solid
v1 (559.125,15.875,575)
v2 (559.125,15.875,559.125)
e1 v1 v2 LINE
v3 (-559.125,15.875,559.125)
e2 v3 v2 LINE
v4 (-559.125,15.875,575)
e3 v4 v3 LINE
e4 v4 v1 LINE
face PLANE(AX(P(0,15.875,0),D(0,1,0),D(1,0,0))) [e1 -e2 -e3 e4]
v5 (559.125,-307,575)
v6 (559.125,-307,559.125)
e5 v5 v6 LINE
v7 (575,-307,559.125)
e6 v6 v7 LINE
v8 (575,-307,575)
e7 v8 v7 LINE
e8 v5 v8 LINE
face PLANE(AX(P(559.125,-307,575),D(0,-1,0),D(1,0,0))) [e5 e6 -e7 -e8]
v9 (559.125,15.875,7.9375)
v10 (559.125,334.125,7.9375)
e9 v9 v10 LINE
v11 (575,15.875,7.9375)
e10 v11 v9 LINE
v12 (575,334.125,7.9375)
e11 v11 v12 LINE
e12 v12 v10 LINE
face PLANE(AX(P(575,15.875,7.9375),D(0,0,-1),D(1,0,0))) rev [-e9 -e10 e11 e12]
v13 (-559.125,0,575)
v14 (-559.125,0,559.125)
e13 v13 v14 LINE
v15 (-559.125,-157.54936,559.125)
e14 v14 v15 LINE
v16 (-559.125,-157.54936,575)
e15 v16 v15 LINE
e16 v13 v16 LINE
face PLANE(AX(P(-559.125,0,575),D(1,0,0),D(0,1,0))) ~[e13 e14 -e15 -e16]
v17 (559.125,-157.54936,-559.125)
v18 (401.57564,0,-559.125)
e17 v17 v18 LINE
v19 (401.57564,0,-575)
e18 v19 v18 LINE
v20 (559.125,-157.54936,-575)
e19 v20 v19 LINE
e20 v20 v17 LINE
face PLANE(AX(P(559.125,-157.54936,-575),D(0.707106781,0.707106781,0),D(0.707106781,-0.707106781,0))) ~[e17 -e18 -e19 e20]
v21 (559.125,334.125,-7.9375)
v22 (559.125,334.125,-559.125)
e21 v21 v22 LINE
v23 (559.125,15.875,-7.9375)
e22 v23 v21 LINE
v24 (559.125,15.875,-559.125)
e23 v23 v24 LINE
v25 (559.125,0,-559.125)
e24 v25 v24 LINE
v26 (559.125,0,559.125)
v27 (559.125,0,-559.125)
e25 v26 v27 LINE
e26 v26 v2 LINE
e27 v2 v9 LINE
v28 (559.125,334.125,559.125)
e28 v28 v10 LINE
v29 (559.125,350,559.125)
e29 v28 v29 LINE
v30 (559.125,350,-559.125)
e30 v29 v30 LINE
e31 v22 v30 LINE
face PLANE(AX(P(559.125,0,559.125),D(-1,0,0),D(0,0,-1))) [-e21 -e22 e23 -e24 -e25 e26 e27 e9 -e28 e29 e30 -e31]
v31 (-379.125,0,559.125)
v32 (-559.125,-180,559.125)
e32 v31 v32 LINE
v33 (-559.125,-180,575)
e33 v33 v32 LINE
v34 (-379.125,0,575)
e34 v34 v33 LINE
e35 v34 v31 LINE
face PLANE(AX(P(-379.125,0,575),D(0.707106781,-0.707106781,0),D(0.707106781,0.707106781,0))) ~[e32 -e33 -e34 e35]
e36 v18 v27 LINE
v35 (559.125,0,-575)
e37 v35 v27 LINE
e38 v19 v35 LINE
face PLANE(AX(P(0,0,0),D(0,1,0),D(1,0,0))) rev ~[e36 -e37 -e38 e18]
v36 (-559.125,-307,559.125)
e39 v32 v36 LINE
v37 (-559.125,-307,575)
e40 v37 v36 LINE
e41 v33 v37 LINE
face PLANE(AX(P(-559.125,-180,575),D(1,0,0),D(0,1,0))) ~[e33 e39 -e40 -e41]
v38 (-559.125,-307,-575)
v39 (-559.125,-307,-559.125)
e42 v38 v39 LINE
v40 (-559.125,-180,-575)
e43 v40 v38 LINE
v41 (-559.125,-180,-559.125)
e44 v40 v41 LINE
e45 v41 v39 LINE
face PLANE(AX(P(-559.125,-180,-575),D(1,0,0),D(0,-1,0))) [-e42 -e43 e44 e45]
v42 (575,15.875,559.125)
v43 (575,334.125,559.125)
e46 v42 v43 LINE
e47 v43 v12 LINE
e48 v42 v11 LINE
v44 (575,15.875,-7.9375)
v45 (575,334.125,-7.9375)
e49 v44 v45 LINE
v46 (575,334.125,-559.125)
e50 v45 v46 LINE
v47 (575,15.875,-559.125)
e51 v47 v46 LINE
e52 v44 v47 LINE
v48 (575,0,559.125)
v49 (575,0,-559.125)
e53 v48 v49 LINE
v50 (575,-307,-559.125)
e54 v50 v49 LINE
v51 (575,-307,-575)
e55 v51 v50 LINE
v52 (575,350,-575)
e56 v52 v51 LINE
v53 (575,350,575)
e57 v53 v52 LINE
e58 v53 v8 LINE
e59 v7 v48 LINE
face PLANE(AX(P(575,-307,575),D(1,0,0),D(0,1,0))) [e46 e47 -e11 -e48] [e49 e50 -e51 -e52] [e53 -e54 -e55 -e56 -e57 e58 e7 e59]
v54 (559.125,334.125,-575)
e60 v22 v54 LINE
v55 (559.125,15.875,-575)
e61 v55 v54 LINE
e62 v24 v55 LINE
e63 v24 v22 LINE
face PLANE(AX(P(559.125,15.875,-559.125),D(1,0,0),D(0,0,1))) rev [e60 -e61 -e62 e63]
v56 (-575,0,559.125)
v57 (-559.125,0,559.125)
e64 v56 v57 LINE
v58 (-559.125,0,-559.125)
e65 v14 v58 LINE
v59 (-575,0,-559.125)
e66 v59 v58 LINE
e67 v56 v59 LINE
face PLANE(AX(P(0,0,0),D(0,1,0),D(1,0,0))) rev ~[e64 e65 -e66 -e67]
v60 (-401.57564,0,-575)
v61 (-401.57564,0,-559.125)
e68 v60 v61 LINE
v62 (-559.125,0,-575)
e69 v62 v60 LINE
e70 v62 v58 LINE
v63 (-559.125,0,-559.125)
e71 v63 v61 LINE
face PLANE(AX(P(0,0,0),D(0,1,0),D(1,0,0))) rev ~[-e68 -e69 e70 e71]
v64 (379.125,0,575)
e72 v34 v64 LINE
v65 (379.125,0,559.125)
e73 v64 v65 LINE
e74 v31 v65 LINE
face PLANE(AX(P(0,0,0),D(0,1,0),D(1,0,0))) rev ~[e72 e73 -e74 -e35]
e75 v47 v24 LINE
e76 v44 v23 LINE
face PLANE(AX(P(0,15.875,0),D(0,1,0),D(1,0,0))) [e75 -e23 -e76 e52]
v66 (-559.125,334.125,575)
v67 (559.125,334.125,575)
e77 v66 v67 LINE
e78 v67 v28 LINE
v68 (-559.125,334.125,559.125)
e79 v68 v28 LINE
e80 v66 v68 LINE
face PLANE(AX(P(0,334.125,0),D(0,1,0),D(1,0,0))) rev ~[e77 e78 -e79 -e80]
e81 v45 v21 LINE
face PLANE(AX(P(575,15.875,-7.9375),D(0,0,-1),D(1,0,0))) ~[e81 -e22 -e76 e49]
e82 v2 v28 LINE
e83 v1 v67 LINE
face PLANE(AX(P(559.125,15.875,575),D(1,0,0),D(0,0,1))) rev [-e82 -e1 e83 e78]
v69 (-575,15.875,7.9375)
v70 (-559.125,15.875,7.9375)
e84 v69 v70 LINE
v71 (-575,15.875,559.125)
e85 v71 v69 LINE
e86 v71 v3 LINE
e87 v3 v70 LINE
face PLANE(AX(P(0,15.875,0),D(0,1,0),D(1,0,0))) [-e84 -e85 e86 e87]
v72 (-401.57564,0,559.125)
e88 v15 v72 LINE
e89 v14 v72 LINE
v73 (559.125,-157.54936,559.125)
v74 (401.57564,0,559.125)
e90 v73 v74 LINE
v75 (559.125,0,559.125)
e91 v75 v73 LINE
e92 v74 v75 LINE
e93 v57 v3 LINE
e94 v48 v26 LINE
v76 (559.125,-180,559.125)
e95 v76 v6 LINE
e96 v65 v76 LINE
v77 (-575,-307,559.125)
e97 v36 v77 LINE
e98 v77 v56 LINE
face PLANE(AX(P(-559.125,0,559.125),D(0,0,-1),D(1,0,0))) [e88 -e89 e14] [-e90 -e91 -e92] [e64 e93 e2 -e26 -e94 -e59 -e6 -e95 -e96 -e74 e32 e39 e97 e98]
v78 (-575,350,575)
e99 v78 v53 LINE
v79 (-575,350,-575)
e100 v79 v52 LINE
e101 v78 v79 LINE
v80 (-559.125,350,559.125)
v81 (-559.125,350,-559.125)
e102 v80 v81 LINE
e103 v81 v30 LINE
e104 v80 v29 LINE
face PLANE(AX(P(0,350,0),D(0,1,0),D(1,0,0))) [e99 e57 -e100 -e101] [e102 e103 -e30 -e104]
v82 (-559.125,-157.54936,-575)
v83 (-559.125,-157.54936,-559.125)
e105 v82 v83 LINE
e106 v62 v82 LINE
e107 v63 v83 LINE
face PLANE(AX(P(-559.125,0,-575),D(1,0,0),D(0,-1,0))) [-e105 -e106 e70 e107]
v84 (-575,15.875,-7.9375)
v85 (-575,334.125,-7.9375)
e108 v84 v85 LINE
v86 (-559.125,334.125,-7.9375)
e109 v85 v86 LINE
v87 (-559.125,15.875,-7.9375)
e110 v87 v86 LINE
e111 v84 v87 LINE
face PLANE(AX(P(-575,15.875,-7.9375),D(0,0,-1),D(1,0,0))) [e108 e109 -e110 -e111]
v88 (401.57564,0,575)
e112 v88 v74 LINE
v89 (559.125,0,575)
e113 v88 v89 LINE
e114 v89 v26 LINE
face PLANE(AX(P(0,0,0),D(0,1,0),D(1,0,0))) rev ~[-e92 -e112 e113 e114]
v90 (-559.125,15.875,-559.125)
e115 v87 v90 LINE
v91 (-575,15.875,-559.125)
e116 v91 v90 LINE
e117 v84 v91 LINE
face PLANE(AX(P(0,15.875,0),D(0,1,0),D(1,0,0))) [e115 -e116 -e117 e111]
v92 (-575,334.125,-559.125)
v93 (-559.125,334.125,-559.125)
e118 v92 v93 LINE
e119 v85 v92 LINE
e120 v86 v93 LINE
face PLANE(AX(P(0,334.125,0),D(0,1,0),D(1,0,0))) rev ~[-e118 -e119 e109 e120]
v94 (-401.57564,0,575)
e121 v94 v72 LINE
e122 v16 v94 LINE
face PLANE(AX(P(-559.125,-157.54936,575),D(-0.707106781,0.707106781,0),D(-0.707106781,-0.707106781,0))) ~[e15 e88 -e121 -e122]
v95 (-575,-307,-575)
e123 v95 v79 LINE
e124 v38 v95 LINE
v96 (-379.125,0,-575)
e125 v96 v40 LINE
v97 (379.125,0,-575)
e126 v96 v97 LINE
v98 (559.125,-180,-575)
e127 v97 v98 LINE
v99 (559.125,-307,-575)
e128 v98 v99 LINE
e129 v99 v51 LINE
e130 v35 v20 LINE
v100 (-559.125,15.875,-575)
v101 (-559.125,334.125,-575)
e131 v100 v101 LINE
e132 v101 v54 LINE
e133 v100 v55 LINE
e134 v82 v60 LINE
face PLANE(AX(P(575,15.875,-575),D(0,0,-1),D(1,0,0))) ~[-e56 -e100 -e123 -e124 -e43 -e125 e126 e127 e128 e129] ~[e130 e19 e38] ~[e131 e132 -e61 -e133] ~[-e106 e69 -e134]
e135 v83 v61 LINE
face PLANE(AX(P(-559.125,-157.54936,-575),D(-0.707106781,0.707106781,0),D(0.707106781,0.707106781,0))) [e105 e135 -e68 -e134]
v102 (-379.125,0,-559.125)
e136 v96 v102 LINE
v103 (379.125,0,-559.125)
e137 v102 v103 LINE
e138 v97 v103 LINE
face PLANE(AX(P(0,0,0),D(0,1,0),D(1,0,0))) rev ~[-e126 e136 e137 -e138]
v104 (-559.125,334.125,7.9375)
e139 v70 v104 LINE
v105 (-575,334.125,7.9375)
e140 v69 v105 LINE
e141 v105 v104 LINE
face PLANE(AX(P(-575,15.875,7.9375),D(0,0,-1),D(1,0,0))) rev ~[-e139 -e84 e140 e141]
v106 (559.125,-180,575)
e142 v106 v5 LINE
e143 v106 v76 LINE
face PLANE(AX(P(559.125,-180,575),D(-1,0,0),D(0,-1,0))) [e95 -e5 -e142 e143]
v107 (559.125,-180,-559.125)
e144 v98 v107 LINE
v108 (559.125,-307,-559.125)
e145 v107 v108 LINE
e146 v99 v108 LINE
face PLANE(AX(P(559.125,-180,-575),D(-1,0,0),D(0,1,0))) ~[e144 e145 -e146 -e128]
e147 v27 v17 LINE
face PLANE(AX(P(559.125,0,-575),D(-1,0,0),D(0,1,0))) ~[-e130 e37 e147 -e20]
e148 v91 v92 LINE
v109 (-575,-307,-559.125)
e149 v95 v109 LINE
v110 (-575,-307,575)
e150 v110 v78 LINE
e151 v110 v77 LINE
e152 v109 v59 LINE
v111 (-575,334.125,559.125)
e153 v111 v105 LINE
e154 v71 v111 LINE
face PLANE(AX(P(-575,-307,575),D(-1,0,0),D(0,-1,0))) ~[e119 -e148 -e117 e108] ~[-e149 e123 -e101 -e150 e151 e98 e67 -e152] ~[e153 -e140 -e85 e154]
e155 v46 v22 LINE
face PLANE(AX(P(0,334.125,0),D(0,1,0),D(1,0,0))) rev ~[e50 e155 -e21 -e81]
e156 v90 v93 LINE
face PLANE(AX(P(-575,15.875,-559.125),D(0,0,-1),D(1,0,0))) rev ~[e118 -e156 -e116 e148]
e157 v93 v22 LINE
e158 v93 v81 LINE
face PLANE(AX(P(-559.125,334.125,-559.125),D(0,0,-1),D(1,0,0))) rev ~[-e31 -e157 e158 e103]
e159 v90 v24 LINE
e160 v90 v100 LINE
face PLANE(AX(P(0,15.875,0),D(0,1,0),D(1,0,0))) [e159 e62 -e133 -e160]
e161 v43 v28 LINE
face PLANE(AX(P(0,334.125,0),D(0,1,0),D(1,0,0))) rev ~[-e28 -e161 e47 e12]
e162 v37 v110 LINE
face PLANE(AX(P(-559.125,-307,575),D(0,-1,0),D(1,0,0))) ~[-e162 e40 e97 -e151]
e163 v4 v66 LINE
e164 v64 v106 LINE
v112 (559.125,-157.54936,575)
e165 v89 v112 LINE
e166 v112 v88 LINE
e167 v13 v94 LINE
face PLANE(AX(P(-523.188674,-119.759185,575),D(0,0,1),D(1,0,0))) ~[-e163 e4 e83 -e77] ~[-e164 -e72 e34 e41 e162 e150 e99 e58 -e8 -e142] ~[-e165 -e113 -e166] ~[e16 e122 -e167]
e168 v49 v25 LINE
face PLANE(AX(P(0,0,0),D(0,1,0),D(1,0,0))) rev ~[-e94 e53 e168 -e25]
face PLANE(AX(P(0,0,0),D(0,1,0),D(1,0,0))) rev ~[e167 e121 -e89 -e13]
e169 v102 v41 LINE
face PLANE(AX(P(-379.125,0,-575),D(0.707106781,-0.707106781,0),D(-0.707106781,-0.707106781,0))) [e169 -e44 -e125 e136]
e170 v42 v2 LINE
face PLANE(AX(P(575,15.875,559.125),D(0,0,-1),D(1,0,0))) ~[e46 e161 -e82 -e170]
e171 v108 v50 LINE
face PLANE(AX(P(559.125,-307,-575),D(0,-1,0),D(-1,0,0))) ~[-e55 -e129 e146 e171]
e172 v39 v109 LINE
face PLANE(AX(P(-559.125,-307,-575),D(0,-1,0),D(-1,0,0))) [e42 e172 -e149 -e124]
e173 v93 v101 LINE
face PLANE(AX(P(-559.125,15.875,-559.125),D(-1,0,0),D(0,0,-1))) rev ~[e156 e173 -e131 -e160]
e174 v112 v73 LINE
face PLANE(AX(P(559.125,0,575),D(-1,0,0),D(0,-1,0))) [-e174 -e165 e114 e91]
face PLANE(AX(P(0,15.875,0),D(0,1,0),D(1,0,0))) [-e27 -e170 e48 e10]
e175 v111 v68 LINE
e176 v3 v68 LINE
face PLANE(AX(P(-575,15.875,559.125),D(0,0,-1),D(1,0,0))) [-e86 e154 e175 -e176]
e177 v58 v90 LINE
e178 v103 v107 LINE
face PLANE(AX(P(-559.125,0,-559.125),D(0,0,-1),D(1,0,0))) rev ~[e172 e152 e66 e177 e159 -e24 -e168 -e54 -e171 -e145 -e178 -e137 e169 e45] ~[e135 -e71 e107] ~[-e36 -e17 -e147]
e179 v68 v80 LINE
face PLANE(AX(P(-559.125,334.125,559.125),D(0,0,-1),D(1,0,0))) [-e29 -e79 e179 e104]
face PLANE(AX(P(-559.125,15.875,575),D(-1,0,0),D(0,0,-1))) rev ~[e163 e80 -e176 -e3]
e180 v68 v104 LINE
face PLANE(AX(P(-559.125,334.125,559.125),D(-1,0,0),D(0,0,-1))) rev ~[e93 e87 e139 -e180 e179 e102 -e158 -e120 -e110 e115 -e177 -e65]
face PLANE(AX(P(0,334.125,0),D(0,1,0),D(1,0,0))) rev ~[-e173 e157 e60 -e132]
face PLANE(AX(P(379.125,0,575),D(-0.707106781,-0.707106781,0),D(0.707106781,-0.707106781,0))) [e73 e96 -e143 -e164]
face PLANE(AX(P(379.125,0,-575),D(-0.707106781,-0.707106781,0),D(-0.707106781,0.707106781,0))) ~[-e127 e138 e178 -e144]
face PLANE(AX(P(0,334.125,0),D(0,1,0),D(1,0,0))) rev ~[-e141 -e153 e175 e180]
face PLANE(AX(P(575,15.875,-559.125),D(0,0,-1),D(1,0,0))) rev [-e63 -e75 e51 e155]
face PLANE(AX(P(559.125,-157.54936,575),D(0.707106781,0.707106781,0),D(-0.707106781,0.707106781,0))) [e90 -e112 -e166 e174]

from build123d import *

# Parameters (mm, degrees)
SKETCH1_W                                = 1150
SKETCH1_H                                = 1150
SKETCH1_W_2                              = 1118.25
SKETCH1_H_2                              = 1118.25
BOSS_EXTRUDE1_DEPTH                      = 15.875
SKETCH2_W                                = 15.875
SKETCH2_H                                = 15.875
BOSS_EXTRUDE2_DEPTH                      = 318.25
SKETCH3_W                                = 1150
SKETCH3_H                                = 1150
SKETCH3_W_2                              = 1118.25
SKETCH3_H_2                              = 1118.25
BOSS_EXTRUDE3_DEPTH                      = 15.875
BOSS_EXTRUDE4_DEPTH                      = 15.875
MIRROR2_AT_THE_SECOND_PLANE_COPY_1_DEPTH = 15.875


with BuildPart() as part:
    # Sketch1 → Boss-Extrude1 (new body)
    with BuildSketch(Plane(origin=(0, 0, 0), x_dir=(1, 0, 0), z_dir=(0, 1, 0))):
        Rectangle(SKETCH1_W, SKETCH1_H)
        Rectangle(SKETCH1_W_2, SKETCH1_H_2, mode=Mode.SUBTRACT)
    extrude(amount=BOSS_EXTRUDE1_DEPTH)

    # Sketch2 → Boss-Extrude2 (add)
    with BuildSketch(Plane(origin=(0, 15.875, 0), x_dir=(1, 0, 0), z_dir=(0, 1, 0))):
        with Locations((-567.0625, 567.0625)):
            Rectangle(SKETCH2_W, SKETCH2_H)
        with Locations((-567.0625, -567.0625)):
            Rectangle(SKETCH2_W, SKETCH2_H)
        with Locations((-567.0625, 0)):
            Rectangle(SKETCH2_W, SKETCH2_H)
    boss_extrude2 = extrude(amount=BOSS_EXTRUDE2_DEPTH)

    # Sketch3 → Boss-Extrude3 (add)
    with BuildSketch(Plane(origin=(0, 334.125, 0), x_dir=(1, 0, 0), z_dir=(0, 1, 0))):
        Rectangle(SKETCH3_W, SKETCH3_H)
        Rectangle(SKETCH3_W_2, SKETCH3_H_2, mode=Mode.SUBTRACT)
    extrude(amount=BOSS_EXTRUDE3_DEPTH)

    # Mirror1: Boss-Extrude2 across plane
    add(boss_extrude2.mirror(Plane(origin=(0, 0, 0), x_dir=(0, 0, 1), z_dir=(1, 0, 0))))

    # Sketch4 → Boss-Extrude4 (add)
    with BuildSketch(Plane.XY.offset(575)):
        Polygon((390.350320151, 11.225320151), (379.125, 0), (559.125, -180), (559.125, -307), (575, -307), (575, 0), (559.125, 0), (559.125, -157.549359697), align=None)
    boss_extrude4 = extrude(amount=-BOSS_EXTRUDE4_DEPTH)

    # Mirror2: Boss-Extrude4 across plane
    add(boss_extrude4.mirror(Plane(origin=(0, 0, 0), x_dir=(0, 0, 1), z_dir=(1, 0, 0))))

    # Mirror2 at the second plane: Boss-Extrude4 across plane
    add(boss_extrude4.mirror(Plane.XY))

    # Mirror2 at the second plane copy 1 sketc → Mirror2 at the second plane copy 1 (add)
    with BuildSketch(Plane(origin=(0, 0, -575), x_dir=(-1, 0, 0), z_dir=(0, 0, -1))):
        Polygon((390.350320151, 11.225320151), (379.125, 0), (559.125, -180), (559.125, -307), (575, -307), (575, 0), (559.125, 0), (559.125, -157.549359697), align=None)
    extrude(amount=-MIRROR2_AT_THE_SECOND_PLANE_COPY_1_DEPTH)


solid = part.part
